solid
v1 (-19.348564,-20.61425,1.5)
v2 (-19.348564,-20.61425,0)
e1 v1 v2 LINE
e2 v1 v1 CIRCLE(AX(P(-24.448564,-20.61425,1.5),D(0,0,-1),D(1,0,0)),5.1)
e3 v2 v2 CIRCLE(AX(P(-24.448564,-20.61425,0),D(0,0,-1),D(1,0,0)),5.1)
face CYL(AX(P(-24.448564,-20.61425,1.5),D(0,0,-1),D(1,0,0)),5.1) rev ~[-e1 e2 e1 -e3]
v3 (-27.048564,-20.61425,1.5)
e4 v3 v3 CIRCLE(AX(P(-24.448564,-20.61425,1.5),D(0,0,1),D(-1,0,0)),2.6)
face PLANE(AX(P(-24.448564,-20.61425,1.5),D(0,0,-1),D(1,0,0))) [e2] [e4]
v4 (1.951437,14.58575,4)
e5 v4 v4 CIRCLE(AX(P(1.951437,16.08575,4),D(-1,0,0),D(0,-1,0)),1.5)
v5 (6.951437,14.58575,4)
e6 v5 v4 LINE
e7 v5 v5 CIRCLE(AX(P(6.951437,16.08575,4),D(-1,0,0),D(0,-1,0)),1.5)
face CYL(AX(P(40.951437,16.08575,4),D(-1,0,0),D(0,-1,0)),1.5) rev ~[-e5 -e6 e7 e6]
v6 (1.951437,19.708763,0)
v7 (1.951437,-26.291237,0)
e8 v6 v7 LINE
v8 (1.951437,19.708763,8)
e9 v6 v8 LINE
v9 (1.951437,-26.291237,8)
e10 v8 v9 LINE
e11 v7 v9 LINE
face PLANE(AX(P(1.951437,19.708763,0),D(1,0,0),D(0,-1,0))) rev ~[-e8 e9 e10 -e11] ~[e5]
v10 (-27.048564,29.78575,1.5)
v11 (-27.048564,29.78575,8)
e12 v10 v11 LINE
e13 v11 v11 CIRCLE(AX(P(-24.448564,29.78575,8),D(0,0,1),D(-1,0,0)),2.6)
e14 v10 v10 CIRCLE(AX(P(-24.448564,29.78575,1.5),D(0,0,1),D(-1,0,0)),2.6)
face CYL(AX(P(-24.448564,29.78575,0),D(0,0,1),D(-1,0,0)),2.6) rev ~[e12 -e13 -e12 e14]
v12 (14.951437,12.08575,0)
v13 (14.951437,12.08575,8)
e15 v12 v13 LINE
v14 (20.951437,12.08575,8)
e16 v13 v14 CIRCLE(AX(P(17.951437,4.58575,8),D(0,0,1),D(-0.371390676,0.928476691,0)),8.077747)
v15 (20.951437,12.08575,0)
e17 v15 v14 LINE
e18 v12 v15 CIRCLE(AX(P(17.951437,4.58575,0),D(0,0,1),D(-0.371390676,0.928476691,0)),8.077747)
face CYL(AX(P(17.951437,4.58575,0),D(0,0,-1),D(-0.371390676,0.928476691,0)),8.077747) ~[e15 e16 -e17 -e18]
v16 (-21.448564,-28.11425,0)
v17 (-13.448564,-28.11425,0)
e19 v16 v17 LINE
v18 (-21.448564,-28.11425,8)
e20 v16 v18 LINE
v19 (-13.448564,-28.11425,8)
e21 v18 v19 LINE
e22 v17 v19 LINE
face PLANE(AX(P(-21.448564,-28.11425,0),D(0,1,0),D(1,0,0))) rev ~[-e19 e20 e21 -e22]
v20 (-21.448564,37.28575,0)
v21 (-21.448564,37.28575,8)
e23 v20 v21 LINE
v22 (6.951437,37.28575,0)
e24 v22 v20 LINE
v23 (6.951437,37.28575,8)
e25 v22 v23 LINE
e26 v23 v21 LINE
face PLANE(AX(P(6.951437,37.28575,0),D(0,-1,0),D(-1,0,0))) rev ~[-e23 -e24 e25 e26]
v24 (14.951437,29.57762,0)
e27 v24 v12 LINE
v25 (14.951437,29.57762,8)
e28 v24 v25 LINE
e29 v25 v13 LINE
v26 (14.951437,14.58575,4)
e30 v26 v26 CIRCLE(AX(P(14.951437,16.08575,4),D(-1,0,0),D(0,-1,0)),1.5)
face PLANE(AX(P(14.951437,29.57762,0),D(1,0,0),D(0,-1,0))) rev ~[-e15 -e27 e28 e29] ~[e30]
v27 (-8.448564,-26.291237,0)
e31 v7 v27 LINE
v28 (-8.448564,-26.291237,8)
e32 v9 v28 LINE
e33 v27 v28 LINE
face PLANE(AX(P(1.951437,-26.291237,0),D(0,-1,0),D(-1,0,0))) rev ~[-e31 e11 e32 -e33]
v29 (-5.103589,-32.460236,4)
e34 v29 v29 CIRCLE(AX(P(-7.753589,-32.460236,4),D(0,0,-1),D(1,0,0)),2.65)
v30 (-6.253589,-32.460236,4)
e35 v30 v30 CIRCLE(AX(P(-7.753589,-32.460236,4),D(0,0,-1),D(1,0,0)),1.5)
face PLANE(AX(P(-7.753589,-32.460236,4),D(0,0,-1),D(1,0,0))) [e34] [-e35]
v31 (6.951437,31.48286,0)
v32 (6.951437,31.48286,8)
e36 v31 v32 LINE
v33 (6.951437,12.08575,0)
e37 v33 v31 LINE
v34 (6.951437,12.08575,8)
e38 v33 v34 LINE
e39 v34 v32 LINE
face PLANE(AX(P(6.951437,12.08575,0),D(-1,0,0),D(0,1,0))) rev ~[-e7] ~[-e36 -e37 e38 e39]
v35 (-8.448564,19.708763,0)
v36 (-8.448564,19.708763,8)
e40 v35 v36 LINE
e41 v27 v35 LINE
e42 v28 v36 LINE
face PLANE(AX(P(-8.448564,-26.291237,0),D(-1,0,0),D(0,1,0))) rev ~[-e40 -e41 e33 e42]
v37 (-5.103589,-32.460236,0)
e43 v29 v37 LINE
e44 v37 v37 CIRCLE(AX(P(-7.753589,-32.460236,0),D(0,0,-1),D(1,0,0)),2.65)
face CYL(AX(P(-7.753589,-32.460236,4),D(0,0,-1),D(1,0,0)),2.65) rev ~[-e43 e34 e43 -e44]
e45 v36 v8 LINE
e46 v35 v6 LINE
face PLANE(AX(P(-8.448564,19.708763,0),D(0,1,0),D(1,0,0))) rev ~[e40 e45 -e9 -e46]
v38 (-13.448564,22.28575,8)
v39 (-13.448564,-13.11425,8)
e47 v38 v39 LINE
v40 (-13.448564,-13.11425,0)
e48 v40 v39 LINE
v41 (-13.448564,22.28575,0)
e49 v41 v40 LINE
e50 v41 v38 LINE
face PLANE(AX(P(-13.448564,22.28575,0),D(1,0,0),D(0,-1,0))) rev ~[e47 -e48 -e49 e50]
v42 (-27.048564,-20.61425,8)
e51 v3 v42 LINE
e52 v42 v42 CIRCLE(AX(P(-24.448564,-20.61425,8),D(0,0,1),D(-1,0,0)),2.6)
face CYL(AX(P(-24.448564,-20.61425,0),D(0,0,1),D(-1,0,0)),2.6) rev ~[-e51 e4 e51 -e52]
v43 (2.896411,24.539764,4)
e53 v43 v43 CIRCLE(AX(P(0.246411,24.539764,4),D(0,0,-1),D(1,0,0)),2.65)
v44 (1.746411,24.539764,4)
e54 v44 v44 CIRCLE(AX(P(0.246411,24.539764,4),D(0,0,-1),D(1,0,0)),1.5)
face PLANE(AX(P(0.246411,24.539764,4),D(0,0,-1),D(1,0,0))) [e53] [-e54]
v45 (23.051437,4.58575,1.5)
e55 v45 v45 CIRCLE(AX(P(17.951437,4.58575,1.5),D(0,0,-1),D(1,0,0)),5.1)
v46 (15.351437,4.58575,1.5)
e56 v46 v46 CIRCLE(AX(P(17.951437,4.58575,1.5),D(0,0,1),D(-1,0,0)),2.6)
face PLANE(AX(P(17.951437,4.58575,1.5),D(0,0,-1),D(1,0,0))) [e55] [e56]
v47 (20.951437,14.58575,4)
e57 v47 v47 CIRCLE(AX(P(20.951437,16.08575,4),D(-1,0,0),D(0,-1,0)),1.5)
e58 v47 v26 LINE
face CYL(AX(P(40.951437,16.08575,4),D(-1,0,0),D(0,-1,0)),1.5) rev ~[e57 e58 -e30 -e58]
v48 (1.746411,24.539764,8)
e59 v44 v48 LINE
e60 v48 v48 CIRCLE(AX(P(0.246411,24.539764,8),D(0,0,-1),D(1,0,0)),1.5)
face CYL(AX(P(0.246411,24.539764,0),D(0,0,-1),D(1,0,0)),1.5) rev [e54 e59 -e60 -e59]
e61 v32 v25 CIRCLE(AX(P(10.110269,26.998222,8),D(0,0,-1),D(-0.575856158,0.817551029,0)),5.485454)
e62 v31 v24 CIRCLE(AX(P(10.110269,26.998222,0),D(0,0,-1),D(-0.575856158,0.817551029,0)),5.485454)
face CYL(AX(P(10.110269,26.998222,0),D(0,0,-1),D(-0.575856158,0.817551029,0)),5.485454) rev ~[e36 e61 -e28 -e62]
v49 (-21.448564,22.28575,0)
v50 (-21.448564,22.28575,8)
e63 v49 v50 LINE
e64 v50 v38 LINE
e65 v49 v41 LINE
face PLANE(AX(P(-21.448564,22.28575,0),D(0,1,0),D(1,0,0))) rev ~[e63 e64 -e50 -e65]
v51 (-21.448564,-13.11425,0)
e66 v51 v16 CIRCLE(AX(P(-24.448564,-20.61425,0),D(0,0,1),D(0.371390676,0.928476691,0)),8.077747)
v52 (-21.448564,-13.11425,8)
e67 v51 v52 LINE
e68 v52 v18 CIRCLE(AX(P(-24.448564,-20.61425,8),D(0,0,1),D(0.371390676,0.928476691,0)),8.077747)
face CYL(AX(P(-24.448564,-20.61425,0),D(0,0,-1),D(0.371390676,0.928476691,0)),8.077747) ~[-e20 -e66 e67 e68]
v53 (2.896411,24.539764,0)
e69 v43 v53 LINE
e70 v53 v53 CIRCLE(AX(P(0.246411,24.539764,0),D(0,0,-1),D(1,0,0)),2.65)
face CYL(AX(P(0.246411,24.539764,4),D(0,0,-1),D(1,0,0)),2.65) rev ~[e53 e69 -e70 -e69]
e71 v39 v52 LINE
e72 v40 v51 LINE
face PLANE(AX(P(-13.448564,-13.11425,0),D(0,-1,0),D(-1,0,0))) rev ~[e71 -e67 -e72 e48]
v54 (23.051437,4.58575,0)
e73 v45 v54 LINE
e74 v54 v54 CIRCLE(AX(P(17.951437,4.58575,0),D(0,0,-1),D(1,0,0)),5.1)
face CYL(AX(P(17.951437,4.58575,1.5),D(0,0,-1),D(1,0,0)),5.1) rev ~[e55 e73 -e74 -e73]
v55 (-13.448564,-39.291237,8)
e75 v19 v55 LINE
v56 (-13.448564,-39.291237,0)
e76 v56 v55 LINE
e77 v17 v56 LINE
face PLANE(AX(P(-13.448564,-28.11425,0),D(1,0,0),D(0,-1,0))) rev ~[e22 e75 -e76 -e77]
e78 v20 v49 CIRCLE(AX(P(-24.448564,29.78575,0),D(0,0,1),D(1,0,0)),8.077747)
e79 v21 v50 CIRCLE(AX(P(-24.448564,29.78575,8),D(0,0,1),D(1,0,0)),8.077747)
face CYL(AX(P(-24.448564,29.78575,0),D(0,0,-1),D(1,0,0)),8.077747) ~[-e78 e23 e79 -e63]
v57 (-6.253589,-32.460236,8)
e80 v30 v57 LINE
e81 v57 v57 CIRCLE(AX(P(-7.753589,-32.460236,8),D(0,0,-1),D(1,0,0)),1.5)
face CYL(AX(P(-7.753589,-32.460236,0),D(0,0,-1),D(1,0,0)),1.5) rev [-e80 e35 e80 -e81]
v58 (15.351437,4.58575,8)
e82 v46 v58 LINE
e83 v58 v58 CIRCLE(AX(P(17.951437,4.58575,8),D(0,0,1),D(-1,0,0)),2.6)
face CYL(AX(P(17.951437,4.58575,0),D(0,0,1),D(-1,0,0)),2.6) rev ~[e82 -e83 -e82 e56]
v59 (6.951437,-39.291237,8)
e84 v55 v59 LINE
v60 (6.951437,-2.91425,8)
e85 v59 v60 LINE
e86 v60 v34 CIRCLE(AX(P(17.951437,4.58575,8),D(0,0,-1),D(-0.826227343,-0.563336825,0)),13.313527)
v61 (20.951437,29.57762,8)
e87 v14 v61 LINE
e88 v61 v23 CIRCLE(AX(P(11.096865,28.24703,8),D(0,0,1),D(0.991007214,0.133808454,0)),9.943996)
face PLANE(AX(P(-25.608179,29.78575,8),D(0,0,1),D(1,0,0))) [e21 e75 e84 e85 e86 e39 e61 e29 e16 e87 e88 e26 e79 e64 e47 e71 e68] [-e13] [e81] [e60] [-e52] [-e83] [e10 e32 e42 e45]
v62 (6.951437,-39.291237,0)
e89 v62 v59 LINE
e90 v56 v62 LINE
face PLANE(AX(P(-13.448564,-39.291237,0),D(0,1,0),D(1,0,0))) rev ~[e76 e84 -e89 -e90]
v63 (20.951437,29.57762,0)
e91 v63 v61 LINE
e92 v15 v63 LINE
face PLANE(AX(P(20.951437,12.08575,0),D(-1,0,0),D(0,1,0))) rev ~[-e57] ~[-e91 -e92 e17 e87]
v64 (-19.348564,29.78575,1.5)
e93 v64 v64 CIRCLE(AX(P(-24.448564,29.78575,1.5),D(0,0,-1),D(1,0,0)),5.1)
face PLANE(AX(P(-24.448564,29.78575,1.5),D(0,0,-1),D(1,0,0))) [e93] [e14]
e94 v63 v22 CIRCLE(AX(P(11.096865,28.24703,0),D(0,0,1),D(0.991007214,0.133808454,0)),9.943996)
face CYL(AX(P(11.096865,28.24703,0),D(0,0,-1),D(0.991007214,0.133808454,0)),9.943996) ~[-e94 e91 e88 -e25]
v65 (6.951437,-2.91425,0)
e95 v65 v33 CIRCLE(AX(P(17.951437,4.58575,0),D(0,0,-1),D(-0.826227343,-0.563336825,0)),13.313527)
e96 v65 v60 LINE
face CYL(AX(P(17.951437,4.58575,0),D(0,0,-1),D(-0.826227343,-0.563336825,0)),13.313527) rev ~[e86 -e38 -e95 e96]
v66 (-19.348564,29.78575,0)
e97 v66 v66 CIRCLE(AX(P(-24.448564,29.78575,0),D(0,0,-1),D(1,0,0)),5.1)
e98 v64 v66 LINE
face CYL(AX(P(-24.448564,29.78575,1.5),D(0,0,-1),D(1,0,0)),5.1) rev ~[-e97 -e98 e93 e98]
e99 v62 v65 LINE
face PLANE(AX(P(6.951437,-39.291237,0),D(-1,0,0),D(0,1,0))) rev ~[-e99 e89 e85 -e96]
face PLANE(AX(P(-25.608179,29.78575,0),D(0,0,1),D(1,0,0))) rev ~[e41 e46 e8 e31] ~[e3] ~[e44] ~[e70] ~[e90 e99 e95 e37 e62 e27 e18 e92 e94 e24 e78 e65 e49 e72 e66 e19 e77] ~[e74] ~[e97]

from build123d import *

# Parameters (mm, degrees)
F0_R           = 1.5
F1_DEPTH       = 8
F2_D           = 5.2
F2_DEPTH       = 30
F2_CBORE_D     = 10.2
F2_CBORE_DEPTH = 1.5
F2_TIP         = 1.5622376095
F4_D           = 3
F4_DEPTH       = 20
F4_TIP         = 0.9012909285
F5_D           = 3
F5_DEPTH       = 20
F5_CBORE_D     = 5.3
F5_CBORE_DEPTH = 4
F5_TIP         = 0.9012909285


with BuildPart() as f1:
    # F0 (on Top) → F1 (new body)
    with BuildSketch(Plane.XY):
        with BuildLine():
            Line((-21.4485637844, 22.2857501358), (-21.4485637844, 37.2857501358))
            ThreePointArc((-21.4485637844, 37.2857501358), (-32.5263109951, 29.7857501358), (-21.4485637844, 22.2857501358))
        make_face()
        with BuildLine():
            ThreePointArc((-16.3708165737, 29.7857501358), (-17.7596460232, 34.3143679364), (-21.4485637844, 37.2857501358))
            Line((-21.4485637844, 37.2857501358), (-21.4485637844, 22.2857501358))
            ThreePointArc((-21.4485637844, 22.2857501358), (-17.7596460232, 25.2571323352), (-16.3708165737, 29.7857501358))
        make_face()
        with BuildLine():
            Line((-13.4485637844, 22.2857501358), (-13.4485637844, 37.2857501358))
            Line((-13.4485637844, 37.2857501358), (-21.4485637844, 37.2857501358))
            ThreePointArc((-21.4485637844, 37.2857501358), (-17.7596460232, 34.3143679364), (-16.3708165737, 29.7857501358))
            ThreePointArc((-16.3708165737, 29.7857501358), (-17.7596460232, 25.2571323352), (-21.4485637844, 22.2857501358))
            Line((-21.4485637844, 22.2857501358), (-13.4485637844, 22.2857501358))
        make_face()
        with BuildLine():
            Line((6.9514365147, 31.482860446), (6.9514365147, 37.2857501358))
            Line((6.9514365147, 37.2857501358), (-13.4485637844, 37.2857501358))
            Line((-13.4485637844, 37.2857501358), (-13.4485637844, 22.2857501358))
            Line((-13.4485637844, 22.2857501358), (-13.4485637844, -13.1142501633))
            Line((-13.4485637844, -13.1142501633), (-13.4485637844, -28.1142501633))
            Line((-13.4485637844, -28.1142501633), (-13.4485637844, -39.2912365496))
            Line((-13.4485637844, -39.2912365496), (6.9514365147, -39.2912365496))
            Line((6.9514365147, -39.2912365496), (6.9514365147, -28.1142501633))
            Line((6.9514365147, -28.1142501633), (6.9514365147, -2.9142498642))
            ThreePointArc((6.9514365147, -2.9142498642), (4.637909559, 4.5857501358), (6.9514365147, 12.0857501358))
            Line((6.9514365147, 12.0857501358), (6.9514365147, 31.482860446))
        make_face()
        with Locations((-7.7535887534, -32.4602356078)):
            Circle(F0_R, mode=Mode.SUBTRACT)
        Polygon((-1.2058451539, 19.7087634504), (1.1941548461, 19.7087634504), (1.9514365147, 19.7087634504), (1.9514365147, -26.2912365496), (-8.4485637844, -26.2912365496), (-8.4485637844, 19.7087634504), align=None, mode=Mode.SUBTRACT)
        with Locations((0.2464112466, 24.5397643922)):
            Circle(F0_R, mode=Mode.SUBTRACT)
        with BuildLine():
            ThreePointArc((20.9514365147, 29.5776203275), (15.8929462828, 36.9579798621), (6.9514365147, 37.2857501358))
            Line((6.9514365147, 37.2857501358), (6.9514365147, 31.482860446))
            ThreePointArc((6.9514365147, 31.482860446), (11.3811141914, 32.3344336643), (14.9514365147, 29.5776203275))
            Line((14.9514365147, 29.5776203275), (14.9514365147, 12.0857501358))
            ThreePointArc((14.9514365147, 12.0857501358), (17.9514365147, 12.6634973465), (20.9514365147, 12.0857501358))
            Line((20.9514365147, 12.0857501358), (20.9514365147, 26.9164390002))
            Line((20.9514365147, 26.9164390002), (20.9514365147, 29.5776203275))
        make_face()
        with BuildLine():
            Line((20.9514365147, 12.0857501358), (14.9514365147, 12.0857501358))
            Line((14.9514365147, 12.0857501358), (14.9514365147, -2.9142498642))
            ThreePointArc((14.9514365147, -2.9142498642), (22.4800543153, -2.1031676254), (26.0291837254, 4.5857501358))
            ThreePointArc((26.0291837254, 4.5857501358), (24.6403542759, 9.1143679364), (20.9514365147, 12.0857501358))
        make_face()
        with BuildLine():
            ThreePointArc((20.9514365147, 12.0857501358), (17.9514365147, 12.6634973465), (14.9514365147, 12.0857501358))
            Line((14.9514365147, 12.0857501358), (20.9514365147, 12.0857501358))
        make_face()
        with BuildLine():
            Line((14.9514365147, -2.9142498642), (14.9514365147, 12.0857501358))
            ThreePointArc((14.9514365147, 12.0857501358), (9.873689304, 4.5857501358), (14.9514365147, -2.9142498642))
        make_face()
        with BuildLine():
            Line((-13.4485637844, -28.1142501633), (-13.4485637844, -13.1142501633))
            Line((-13.4485637844, -13.1142501633), (-21.4485637844, -13.1142501633))
            ThreePointArc((-21.4485637844, -13.1142501633), (-17.7596460232, -16.0856323627), (-16.3708165737, -20.6142501633))
            ThreePointArc((-16.3708165737, -20.6142501633), (-17.7596460232, -25.1428679639), (-21.4485637844, -28.1142501633))
            Line((-21.4485637844, -28.1142501633), (-13.4485637844, -28.1142501633))
        make_face()
        with BuildLine():
            ThreePointArc((-16.3708165737, -20.6142501633), (-17.7596460232, -16.0856323627), (-21.4485637844, -13.1142501633))
            Line((-21.4485637844, -13.1142501633), (-21.4485637844, -28.1142501633))
            ThreePointArc((-21.4485637844, -28.1142501633), (-17.7596460232, -25.1428679639), (-16.3708165737, -20.6142501633))
        make_face()
        with BuildLine():
            Line((-21.4485637844, -28.1142501633), (-21.4485637844, -13.1142501633))
            ThreePointArc((-21.4485637844, -13.1142501633), (-32.5263109951, -20.6142501633), (-21.4485637844, -28.1142501633))
        make_face()
    extrude(amount=F1_DEPTH)

    # F2
    with Locations(Plane(origin=(0, 0, 0), x_dir=(1, 0, 0), z_dir=(0, 0, -1))):
        with Locations((17.9514365147, -4.5857501358), (-24.4485637844, -29.7857501358), (-24.4485637844, 20.6142501633)):
            CounterBoreHole(F2_D / 2, F2_CBORE_D / 2, F2_CBORE_DEPTH, depth=F2_DEPTH)
            with Locations((0, 0, -(F2_DEPTH + F2_TIP / 2))):  # 118° drill point
                Cone(0, F2_D / 2, F2_TIP, mode=Mode.SUBTRACT)

    # F4
    with Locations(Plane.YZ.offset(20.9514365147)):
        with Locations((16.0857501358, 4)):
            Hole(F4_D / 2, depth=F4_DEPTH)
            with Locations((0, 0, -(F4_DEPTH + F4_TIP / 2))):  # 118° drill point
                Cone(0, F4_D / 2, F4_TIP, mode=Mode.SUBTRACT)

    # F5
    with Locations(Plane(origin=(0, 0, 0), x_dir=(1, 0, 0), z_dir=(0, 0, -1))):
        with Locations((0.2464112466, -24.5397643922), (-7.7535887534, 32.4602356078)):
            CounterBoreHole(F5_D / 2, F5_CBORE_D / 2, F5_CBORE_DEPTH, depth=F5_DEPTH)
            with Locations((0, 0, -(F5_DEPTH + F5_TIP / 2))):  # 118° drill point
                Cone(0, F5_D / 2, F5_TIP, mode=Mode.SUBTRACT)


solid = f1.part
